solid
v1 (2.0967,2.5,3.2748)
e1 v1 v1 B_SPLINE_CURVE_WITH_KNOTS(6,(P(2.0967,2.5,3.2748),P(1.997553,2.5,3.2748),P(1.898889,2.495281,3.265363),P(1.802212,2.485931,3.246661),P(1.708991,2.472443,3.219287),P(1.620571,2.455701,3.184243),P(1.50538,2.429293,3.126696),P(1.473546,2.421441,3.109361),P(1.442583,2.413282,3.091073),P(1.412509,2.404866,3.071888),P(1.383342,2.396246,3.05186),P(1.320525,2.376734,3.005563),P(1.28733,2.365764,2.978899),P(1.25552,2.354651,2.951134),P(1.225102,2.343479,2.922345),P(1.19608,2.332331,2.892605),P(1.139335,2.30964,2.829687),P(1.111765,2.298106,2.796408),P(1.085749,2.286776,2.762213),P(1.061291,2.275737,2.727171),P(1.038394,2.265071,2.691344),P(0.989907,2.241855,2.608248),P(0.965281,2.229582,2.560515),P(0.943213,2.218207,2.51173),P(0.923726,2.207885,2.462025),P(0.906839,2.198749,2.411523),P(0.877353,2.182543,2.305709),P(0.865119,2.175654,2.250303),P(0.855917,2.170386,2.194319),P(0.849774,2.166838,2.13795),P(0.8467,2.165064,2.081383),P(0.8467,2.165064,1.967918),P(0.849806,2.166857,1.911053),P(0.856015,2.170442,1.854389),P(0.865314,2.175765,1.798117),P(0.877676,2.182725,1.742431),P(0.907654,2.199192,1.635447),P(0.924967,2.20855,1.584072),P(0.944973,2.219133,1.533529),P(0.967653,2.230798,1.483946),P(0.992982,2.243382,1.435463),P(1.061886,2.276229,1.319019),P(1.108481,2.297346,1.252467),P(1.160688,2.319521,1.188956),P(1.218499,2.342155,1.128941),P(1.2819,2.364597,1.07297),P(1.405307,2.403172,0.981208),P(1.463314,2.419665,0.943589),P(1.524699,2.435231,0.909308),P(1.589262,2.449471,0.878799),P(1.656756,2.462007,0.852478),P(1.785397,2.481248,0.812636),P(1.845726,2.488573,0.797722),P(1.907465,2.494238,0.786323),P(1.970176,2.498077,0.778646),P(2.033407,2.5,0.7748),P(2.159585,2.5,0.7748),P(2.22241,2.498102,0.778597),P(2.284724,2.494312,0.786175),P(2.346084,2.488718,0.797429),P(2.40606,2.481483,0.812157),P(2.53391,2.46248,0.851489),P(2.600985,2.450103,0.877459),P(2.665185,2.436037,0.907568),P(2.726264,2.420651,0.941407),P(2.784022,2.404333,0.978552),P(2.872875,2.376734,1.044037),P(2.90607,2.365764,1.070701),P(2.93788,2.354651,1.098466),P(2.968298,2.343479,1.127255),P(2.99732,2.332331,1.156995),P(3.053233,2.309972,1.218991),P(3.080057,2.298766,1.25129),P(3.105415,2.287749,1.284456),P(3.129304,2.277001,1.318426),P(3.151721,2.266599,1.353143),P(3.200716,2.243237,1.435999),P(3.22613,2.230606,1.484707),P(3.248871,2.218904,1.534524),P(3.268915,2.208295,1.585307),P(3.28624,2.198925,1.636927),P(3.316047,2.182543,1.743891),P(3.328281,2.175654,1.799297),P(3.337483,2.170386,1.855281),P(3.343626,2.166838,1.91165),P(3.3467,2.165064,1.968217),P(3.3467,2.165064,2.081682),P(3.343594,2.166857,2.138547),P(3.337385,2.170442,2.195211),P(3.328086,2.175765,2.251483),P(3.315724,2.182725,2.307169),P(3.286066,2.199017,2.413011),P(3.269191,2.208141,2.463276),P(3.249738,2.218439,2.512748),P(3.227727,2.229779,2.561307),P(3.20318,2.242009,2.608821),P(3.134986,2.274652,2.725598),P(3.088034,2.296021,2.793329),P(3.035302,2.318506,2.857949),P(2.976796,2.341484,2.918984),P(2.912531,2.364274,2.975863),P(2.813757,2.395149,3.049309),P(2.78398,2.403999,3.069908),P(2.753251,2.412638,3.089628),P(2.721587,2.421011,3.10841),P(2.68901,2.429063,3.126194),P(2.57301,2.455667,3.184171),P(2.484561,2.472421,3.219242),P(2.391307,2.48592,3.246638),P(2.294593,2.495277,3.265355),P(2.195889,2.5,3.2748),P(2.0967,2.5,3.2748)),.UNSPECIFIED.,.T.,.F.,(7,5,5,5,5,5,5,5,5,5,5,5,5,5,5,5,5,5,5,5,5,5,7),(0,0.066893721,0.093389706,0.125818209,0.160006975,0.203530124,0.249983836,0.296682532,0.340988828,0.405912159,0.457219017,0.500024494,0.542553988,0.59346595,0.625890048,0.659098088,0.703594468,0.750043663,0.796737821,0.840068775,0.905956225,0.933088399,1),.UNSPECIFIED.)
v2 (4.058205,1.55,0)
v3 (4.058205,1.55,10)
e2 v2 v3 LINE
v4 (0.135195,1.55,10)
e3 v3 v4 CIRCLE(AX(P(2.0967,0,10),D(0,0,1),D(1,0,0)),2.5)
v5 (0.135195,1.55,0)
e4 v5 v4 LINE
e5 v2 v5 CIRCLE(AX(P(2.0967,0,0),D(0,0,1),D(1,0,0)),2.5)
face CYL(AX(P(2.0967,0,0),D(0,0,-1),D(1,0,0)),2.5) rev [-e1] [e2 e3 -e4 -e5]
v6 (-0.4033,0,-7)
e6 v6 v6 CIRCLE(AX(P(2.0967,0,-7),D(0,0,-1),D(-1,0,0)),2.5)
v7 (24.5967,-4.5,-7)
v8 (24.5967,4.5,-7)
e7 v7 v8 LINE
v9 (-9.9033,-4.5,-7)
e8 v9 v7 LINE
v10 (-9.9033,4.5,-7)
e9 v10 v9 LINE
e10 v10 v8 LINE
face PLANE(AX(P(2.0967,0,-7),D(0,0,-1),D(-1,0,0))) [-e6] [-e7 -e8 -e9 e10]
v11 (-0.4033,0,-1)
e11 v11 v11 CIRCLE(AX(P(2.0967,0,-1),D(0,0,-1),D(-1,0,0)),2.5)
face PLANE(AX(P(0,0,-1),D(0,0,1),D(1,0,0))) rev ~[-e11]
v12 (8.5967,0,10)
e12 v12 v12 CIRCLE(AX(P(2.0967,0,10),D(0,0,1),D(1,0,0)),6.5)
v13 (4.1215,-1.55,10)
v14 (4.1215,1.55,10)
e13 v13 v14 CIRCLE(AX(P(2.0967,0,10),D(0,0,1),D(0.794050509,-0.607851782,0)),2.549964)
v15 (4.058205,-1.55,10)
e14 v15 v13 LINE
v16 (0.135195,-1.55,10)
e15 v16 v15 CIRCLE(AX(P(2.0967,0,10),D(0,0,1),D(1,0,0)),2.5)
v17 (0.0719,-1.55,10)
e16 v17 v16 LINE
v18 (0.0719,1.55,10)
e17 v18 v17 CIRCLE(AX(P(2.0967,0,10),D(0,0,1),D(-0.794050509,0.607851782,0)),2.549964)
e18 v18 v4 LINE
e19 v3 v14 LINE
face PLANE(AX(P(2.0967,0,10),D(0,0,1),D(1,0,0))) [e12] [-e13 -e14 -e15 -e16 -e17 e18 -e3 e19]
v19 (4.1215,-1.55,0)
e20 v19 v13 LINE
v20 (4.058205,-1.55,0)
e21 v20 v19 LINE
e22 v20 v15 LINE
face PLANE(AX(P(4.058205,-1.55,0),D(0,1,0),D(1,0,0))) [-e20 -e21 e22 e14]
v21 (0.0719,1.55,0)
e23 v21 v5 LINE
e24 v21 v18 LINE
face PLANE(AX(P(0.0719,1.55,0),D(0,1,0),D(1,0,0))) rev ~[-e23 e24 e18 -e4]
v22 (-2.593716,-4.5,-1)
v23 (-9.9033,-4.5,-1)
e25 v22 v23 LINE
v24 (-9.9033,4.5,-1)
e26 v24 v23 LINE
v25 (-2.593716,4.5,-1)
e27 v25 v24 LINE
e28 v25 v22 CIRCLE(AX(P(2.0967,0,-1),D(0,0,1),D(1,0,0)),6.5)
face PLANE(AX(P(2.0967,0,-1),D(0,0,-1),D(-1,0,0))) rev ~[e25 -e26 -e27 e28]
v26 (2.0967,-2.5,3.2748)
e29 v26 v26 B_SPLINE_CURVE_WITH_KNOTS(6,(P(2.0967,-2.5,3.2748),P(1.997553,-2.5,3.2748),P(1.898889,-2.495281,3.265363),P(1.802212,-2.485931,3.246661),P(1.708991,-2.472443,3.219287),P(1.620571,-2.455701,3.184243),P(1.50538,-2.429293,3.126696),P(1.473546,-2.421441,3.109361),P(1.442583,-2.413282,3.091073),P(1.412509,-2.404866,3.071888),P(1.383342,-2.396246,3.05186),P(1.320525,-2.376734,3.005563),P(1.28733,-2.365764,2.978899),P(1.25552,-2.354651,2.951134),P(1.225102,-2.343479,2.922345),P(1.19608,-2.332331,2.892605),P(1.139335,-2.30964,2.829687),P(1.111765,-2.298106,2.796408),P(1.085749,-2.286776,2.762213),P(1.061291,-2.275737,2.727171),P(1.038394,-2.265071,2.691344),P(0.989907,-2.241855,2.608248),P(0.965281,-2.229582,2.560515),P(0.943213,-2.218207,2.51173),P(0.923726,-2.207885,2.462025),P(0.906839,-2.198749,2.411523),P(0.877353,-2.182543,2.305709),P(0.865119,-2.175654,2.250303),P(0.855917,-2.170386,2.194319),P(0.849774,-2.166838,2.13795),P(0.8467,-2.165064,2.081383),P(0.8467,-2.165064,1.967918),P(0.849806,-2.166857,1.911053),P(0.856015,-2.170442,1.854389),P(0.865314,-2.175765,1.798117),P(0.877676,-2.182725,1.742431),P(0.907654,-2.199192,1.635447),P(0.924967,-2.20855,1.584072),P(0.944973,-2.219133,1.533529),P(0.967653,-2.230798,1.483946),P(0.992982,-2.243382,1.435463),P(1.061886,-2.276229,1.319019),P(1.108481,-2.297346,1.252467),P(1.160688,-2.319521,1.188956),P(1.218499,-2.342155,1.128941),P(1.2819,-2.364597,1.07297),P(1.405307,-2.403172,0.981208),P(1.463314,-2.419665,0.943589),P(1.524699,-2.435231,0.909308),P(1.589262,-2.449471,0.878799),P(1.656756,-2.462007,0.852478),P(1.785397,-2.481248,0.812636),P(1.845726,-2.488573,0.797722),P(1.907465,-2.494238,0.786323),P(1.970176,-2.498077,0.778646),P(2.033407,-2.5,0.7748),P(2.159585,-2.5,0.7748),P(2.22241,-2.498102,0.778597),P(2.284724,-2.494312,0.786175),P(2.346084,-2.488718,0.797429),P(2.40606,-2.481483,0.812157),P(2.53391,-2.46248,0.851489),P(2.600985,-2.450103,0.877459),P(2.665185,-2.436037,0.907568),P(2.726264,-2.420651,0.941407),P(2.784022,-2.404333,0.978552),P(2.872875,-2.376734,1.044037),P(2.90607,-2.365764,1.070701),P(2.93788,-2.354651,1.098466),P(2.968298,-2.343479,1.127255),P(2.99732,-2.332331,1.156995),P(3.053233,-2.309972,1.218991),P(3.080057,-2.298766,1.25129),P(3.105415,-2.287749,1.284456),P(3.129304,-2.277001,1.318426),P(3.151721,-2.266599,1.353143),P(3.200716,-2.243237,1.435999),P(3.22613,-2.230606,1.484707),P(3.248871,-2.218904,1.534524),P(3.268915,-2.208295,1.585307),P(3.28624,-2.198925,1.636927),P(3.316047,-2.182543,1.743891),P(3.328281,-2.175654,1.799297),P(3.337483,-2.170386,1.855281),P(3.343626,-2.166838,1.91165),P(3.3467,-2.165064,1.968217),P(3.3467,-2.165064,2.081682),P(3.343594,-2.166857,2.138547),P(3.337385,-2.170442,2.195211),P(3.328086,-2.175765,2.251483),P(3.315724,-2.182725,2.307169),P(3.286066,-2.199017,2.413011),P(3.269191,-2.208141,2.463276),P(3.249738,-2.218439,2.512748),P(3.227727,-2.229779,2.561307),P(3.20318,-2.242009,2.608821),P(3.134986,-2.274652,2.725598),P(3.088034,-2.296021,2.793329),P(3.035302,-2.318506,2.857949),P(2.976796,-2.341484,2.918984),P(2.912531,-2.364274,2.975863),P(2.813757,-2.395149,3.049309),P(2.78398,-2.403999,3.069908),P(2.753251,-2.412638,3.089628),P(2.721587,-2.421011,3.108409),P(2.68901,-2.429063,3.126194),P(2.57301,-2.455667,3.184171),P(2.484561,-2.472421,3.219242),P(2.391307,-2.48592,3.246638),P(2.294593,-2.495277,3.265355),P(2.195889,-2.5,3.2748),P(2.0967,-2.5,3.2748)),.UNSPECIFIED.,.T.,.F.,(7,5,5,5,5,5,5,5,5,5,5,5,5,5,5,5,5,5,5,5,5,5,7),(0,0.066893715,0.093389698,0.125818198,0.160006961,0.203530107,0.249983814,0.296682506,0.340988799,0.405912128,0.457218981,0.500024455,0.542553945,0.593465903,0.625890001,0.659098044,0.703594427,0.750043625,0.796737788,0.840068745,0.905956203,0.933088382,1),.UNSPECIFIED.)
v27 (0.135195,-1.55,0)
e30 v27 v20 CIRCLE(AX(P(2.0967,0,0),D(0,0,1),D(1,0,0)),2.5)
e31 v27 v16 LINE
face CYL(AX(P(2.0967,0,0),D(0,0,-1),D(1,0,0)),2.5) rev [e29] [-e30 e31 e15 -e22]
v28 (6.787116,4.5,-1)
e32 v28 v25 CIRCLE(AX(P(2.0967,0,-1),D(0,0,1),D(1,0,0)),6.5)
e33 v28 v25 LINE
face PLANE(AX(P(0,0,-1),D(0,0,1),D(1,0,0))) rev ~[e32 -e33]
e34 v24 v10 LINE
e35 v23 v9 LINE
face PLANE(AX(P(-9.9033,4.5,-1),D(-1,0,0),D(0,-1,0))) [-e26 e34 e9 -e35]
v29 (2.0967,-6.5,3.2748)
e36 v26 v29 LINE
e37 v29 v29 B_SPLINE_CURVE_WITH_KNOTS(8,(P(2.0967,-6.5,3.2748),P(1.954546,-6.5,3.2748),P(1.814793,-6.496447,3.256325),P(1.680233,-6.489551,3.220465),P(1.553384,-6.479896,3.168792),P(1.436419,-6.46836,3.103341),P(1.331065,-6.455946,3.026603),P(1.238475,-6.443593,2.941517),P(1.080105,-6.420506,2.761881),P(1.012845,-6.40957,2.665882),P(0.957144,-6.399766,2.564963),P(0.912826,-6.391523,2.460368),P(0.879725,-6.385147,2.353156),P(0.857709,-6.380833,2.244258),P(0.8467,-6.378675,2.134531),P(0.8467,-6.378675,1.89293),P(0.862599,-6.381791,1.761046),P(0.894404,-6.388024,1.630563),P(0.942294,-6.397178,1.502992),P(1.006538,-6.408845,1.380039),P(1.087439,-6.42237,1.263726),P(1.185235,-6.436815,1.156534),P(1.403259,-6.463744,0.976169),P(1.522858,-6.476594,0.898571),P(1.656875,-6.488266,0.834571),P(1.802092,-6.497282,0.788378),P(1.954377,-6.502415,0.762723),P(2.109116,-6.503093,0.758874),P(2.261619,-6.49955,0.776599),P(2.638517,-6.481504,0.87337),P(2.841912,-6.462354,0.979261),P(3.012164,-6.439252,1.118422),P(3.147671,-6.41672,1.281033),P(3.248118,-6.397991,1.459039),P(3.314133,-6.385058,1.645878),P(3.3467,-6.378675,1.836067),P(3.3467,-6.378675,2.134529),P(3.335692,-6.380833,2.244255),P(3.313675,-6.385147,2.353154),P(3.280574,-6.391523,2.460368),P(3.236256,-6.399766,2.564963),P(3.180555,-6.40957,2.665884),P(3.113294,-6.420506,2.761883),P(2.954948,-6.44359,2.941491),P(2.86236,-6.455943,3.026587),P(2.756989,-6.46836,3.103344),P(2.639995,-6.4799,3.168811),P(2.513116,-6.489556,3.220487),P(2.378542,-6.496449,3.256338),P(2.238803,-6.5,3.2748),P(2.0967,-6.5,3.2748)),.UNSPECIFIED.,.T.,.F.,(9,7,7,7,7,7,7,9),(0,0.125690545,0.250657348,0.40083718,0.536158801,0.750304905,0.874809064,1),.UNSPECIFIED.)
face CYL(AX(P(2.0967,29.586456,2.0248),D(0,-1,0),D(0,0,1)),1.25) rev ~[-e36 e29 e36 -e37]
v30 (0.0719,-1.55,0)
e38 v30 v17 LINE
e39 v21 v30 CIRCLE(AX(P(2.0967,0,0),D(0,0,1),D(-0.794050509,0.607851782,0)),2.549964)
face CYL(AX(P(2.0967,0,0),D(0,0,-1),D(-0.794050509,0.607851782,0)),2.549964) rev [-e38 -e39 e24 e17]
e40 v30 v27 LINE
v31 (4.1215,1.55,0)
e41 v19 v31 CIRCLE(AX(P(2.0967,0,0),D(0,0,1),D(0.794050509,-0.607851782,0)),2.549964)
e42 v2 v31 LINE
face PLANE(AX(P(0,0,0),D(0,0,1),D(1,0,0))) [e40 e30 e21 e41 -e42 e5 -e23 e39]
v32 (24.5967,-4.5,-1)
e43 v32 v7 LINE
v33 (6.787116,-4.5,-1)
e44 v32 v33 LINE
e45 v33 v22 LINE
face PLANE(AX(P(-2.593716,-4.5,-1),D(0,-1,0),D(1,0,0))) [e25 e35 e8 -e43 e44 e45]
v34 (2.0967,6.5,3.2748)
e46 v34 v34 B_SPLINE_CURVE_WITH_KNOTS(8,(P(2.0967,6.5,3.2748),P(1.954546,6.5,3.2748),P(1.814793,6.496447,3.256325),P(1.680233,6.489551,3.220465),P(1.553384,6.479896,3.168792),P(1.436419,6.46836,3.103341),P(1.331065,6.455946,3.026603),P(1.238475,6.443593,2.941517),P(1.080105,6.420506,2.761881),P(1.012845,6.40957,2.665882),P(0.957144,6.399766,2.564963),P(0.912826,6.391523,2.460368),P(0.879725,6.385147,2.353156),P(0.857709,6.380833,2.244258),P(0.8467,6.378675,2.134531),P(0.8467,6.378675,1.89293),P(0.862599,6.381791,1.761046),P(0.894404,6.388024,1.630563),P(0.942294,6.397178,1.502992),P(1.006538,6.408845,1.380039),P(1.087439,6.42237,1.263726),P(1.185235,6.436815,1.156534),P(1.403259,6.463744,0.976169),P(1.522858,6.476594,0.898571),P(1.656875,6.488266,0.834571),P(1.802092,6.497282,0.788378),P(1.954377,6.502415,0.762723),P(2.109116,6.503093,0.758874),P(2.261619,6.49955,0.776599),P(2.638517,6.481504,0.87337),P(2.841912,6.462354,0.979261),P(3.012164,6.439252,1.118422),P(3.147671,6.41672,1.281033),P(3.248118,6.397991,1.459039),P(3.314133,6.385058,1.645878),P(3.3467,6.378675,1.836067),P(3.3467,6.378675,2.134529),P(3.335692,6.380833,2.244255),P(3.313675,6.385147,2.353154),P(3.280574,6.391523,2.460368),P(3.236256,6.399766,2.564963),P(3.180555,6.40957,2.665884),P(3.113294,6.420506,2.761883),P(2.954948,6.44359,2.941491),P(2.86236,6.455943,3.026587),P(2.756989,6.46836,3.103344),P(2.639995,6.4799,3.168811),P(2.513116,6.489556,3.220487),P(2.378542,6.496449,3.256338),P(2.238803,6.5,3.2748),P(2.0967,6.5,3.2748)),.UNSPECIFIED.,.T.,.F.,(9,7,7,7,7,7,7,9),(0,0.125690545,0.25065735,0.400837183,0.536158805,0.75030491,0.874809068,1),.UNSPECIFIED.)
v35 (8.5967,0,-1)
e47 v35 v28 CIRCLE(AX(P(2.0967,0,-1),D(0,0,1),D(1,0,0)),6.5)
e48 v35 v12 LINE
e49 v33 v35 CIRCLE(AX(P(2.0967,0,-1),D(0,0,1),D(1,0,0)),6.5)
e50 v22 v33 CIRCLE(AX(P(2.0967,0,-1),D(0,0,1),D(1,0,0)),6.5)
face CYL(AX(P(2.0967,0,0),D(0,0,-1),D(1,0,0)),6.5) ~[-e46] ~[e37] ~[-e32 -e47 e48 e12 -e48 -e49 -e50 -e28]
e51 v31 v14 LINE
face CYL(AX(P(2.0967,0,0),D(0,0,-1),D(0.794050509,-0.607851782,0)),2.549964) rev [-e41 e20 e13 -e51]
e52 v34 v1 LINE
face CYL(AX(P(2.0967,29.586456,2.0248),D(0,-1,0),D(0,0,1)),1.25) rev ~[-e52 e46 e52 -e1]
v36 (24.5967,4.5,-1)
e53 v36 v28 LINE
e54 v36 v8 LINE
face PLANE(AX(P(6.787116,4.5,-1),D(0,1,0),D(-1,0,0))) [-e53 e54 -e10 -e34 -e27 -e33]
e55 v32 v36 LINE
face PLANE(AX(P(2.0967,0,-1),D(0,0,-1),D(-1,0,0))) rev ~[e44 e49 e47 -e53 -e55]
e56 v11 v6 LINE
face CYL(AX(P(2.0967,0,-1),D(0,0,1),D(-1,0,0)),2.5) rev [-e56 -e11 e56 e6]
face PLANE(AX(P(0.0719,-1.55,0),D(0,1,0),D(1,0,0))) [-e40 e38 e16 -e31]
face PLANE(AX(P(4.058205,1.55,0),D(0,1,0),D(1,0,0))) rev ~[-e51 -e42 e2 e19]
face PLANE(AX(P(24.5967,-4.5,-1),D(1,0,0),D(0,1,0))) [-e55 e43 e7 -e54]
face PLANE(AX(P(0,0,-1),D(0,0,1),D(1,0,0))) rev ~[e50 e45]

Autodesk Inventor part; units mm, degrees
ref_plane "YZ Plane" through (0, 0, 0) normal (1, 0, 0) x (0, 1, 0)
ref_plane "XZ Plane" through (0, 0, 0) normal (0, 1, 0) x (-1, 0, 0)
sketch "Sketch1" plane through (0, 0, 0) normal (0, 0, 1) x (1, 0, 0)
  line L0 (0.8467, -0.7217) -> (0.8467, 0.7217) construction
  line L1 (0.8467, 0.7217) -> (2.0967, 1.4434) construction
  line L2 (2.0967, 1.4434) -> (3.3467, 0.7217) construction
  line L3 (3.3467, 0.7217) -> (3.3467, -0.7217) construction
  line L4 (3.3467, -0.7217) -> (2.0967, -1.4434) construction
  line L5 (2.0967, -1.4434) -> (0.8467, -0.7217) construction
  circle A0 centre (2.0967, 0) radius 2.45 construction
  line L6 (4.8467, -1.5877) -> (3.4717, -2.3816) construction
  line L7 (15.0967, 3) -> (15.0967, -3) construction
  line L8 (-10.9033, 3) -> (-10.9033, -3) construction
  line L9 (-0.6533, 0) -> (-0.6533, 1.5877) construction
  circle A1 centre (2.0967, 0) radius 5
  circle A2 centre (2.0967, 0) radius 1.7 projected
  line L10 (-10.9033, -3) -> (15.0967, -3) projected
  line L11 (-10.9033, 3) -> (15.0967, 3) projected
  circle A3 centre (2.0967, 0) radius 3.5
  circle A4 centre (2.0967, 0) radius 6.5
  point P0 (0.4719, -0.5)
  point P1 (3.7215, -0.5)
  dimension "d10" = 7
  dimension "d13" = 13
ref_plane "Work Plane1" through (-20.8033, -6.3, -5.9) normal (0, 0, 1) x (1, 0, 0)
extrude "Extrusion1" add sketch "Sketch1" against normal blind 1 contours A1 L10 A3 L11 | A1 L11 A4 L10 | L11 A3 A1 | A1 L11 A4 | L10 A4 A1 | A1 L10 A3 | L11 A3 L10 A1 | A1 L10 A4 L11 | A3 L10 L11 | L11 A3 | A3 L10 | A2
sketch "Sketch2" plane through (2.0967, 0, 0) normal (0, 0, 1) x (1, 0, 0)
  line L0 (-2, 1.5) -> (2, 1.5) construction
  arc A0 (2.5, 0) -> (2, 1.5) centre (0, 0) ccw construction
  arc A1 (-2, 1.5) -> (-2.5, 0) centre (0, 0) ccw construction
  line L1 (2, -1.5) -> (-2, -1.5) construction
  arc A2 (-2.5, 0) -> (2.5, 0) centre (0, 0) ccw construction
  line L2 (2.0248, 1.55) -> (-2.0248, 1.55) construction
  arc A3 (-2.0248, 1.55) -> (-2.55, 0) centre (0, 0) ccw construction
  arc A4 (-2.55, 0) -> (2.55, 0) centre (0, 0) ccw construction
  arc A5 (2.55, 0) -> (2.0248, 1.55) centre (0, 0) ccw construction
  line L3 (-2.0248, 1.55) -> (2.0248, 1.55) construction
  line L4 (-2.0248, 1.55) -> (2.0248, 1.55)
  line L5 (-2.0248, -1.55) -> (2.0248, -1.55)
  arc A6 (-2.0248, 1.55) -> (-2.0248, -1.55) centre (0, 0) ccw
  arc A7 (2.0248, -1.55) -> (2.0248, 1.55) centre (0, 0) ccw
  circle A8 centre (0, 0) radius 6.5 projected
  circle A9 centre (0, 0) radius 2.5 projected
  point P0 (-2.0967, 0)
  point P1 (-1.9615, 1.55)
  point P2 (1.9615, 1.55)
  point P3 (1.9615, -1.55)
  point P4 (-1.9615, -1.55)
  dimension "d11" = 3.1
  dimension "d12" = 2.55
extrude "Extrusion2" add sketch "Sketch2" along normal blind 10
sketch "Sketch4" plane through (0.0718, -1.55, 0) normal (0, 1, 0) x (1, 0, 0)
  line L0 (0, -8.8) -> (4.0497, -8.8) projected
  line L1 (-4.4752, -10) -> (8.5248, -10) projected
  line L2 (8.5248, 1) -> (-4.4752, 1) projected
  line L3 (0, 0) -> (0.0633, 0) projected
  circle A0 centre (2.0248, -2.0248) radius 2.0248
  line L4 (3.9864, 0) -> (4.0497, 0) projected
  line L5 (3.9864, 0) -> (3.9864, -10) projected
  line L6 (4.0497, -10) -> (3.9864, -10) projected
  line L7 (4.0497, 0) -> (4.0497, -10) projected
  line L8 (0, 0) -> (0, -10) projected
  line L9 (0.0633, -10) -> (0, -10) projected
  line L10 (0.0633, 0) -> (0.0633, -10) projected
  point P0 (-0.0718, 0)
hole "Hole1" at (2.0967, -1.55, 2.0248) direction (0, -1, 0) diameter 2.5 end through all both
sketch "Skizze5" plane through (2.0967, 0, -1) normal (0, 0, -1) x (-1, 0, 0)
  circle A0 centre (0, 0) radius 6.5 projected
  line L0 (22.5, -4.5) -> (-22.5, -4.5)
  line L1 (-22.5, -4.5) -> (-22.5, 4.5)
  line L2 (-22.5, 4.5) -> (22.5, 4.5)
  line L3 (22.5, 4.5) -> (22.5, -4.5)
  line L4 (22.5, -4.5) -> (-22.5, 4.5) construction
  line L5 (-22.5, -4.5) -> (22.5, 4.5) construction
  circle A1 centre (0, 0) radius 2.5 projected
  line L6 (12, 4.5) -> (12, -4.5)
  point P0 (2.0967, 0)
  dimension "d28" = 45
  dimension "d34" = 9
  dimension "d35" = 12
extrude "Extrusion4" add sketch "Skizze5" along normal blind 6 contours A0 L0 L2 | A0 L2 L6 L0 | A0 L0 L1 L2
properties part number "55_spiralxy_motormount_NEMA_MGN7"
